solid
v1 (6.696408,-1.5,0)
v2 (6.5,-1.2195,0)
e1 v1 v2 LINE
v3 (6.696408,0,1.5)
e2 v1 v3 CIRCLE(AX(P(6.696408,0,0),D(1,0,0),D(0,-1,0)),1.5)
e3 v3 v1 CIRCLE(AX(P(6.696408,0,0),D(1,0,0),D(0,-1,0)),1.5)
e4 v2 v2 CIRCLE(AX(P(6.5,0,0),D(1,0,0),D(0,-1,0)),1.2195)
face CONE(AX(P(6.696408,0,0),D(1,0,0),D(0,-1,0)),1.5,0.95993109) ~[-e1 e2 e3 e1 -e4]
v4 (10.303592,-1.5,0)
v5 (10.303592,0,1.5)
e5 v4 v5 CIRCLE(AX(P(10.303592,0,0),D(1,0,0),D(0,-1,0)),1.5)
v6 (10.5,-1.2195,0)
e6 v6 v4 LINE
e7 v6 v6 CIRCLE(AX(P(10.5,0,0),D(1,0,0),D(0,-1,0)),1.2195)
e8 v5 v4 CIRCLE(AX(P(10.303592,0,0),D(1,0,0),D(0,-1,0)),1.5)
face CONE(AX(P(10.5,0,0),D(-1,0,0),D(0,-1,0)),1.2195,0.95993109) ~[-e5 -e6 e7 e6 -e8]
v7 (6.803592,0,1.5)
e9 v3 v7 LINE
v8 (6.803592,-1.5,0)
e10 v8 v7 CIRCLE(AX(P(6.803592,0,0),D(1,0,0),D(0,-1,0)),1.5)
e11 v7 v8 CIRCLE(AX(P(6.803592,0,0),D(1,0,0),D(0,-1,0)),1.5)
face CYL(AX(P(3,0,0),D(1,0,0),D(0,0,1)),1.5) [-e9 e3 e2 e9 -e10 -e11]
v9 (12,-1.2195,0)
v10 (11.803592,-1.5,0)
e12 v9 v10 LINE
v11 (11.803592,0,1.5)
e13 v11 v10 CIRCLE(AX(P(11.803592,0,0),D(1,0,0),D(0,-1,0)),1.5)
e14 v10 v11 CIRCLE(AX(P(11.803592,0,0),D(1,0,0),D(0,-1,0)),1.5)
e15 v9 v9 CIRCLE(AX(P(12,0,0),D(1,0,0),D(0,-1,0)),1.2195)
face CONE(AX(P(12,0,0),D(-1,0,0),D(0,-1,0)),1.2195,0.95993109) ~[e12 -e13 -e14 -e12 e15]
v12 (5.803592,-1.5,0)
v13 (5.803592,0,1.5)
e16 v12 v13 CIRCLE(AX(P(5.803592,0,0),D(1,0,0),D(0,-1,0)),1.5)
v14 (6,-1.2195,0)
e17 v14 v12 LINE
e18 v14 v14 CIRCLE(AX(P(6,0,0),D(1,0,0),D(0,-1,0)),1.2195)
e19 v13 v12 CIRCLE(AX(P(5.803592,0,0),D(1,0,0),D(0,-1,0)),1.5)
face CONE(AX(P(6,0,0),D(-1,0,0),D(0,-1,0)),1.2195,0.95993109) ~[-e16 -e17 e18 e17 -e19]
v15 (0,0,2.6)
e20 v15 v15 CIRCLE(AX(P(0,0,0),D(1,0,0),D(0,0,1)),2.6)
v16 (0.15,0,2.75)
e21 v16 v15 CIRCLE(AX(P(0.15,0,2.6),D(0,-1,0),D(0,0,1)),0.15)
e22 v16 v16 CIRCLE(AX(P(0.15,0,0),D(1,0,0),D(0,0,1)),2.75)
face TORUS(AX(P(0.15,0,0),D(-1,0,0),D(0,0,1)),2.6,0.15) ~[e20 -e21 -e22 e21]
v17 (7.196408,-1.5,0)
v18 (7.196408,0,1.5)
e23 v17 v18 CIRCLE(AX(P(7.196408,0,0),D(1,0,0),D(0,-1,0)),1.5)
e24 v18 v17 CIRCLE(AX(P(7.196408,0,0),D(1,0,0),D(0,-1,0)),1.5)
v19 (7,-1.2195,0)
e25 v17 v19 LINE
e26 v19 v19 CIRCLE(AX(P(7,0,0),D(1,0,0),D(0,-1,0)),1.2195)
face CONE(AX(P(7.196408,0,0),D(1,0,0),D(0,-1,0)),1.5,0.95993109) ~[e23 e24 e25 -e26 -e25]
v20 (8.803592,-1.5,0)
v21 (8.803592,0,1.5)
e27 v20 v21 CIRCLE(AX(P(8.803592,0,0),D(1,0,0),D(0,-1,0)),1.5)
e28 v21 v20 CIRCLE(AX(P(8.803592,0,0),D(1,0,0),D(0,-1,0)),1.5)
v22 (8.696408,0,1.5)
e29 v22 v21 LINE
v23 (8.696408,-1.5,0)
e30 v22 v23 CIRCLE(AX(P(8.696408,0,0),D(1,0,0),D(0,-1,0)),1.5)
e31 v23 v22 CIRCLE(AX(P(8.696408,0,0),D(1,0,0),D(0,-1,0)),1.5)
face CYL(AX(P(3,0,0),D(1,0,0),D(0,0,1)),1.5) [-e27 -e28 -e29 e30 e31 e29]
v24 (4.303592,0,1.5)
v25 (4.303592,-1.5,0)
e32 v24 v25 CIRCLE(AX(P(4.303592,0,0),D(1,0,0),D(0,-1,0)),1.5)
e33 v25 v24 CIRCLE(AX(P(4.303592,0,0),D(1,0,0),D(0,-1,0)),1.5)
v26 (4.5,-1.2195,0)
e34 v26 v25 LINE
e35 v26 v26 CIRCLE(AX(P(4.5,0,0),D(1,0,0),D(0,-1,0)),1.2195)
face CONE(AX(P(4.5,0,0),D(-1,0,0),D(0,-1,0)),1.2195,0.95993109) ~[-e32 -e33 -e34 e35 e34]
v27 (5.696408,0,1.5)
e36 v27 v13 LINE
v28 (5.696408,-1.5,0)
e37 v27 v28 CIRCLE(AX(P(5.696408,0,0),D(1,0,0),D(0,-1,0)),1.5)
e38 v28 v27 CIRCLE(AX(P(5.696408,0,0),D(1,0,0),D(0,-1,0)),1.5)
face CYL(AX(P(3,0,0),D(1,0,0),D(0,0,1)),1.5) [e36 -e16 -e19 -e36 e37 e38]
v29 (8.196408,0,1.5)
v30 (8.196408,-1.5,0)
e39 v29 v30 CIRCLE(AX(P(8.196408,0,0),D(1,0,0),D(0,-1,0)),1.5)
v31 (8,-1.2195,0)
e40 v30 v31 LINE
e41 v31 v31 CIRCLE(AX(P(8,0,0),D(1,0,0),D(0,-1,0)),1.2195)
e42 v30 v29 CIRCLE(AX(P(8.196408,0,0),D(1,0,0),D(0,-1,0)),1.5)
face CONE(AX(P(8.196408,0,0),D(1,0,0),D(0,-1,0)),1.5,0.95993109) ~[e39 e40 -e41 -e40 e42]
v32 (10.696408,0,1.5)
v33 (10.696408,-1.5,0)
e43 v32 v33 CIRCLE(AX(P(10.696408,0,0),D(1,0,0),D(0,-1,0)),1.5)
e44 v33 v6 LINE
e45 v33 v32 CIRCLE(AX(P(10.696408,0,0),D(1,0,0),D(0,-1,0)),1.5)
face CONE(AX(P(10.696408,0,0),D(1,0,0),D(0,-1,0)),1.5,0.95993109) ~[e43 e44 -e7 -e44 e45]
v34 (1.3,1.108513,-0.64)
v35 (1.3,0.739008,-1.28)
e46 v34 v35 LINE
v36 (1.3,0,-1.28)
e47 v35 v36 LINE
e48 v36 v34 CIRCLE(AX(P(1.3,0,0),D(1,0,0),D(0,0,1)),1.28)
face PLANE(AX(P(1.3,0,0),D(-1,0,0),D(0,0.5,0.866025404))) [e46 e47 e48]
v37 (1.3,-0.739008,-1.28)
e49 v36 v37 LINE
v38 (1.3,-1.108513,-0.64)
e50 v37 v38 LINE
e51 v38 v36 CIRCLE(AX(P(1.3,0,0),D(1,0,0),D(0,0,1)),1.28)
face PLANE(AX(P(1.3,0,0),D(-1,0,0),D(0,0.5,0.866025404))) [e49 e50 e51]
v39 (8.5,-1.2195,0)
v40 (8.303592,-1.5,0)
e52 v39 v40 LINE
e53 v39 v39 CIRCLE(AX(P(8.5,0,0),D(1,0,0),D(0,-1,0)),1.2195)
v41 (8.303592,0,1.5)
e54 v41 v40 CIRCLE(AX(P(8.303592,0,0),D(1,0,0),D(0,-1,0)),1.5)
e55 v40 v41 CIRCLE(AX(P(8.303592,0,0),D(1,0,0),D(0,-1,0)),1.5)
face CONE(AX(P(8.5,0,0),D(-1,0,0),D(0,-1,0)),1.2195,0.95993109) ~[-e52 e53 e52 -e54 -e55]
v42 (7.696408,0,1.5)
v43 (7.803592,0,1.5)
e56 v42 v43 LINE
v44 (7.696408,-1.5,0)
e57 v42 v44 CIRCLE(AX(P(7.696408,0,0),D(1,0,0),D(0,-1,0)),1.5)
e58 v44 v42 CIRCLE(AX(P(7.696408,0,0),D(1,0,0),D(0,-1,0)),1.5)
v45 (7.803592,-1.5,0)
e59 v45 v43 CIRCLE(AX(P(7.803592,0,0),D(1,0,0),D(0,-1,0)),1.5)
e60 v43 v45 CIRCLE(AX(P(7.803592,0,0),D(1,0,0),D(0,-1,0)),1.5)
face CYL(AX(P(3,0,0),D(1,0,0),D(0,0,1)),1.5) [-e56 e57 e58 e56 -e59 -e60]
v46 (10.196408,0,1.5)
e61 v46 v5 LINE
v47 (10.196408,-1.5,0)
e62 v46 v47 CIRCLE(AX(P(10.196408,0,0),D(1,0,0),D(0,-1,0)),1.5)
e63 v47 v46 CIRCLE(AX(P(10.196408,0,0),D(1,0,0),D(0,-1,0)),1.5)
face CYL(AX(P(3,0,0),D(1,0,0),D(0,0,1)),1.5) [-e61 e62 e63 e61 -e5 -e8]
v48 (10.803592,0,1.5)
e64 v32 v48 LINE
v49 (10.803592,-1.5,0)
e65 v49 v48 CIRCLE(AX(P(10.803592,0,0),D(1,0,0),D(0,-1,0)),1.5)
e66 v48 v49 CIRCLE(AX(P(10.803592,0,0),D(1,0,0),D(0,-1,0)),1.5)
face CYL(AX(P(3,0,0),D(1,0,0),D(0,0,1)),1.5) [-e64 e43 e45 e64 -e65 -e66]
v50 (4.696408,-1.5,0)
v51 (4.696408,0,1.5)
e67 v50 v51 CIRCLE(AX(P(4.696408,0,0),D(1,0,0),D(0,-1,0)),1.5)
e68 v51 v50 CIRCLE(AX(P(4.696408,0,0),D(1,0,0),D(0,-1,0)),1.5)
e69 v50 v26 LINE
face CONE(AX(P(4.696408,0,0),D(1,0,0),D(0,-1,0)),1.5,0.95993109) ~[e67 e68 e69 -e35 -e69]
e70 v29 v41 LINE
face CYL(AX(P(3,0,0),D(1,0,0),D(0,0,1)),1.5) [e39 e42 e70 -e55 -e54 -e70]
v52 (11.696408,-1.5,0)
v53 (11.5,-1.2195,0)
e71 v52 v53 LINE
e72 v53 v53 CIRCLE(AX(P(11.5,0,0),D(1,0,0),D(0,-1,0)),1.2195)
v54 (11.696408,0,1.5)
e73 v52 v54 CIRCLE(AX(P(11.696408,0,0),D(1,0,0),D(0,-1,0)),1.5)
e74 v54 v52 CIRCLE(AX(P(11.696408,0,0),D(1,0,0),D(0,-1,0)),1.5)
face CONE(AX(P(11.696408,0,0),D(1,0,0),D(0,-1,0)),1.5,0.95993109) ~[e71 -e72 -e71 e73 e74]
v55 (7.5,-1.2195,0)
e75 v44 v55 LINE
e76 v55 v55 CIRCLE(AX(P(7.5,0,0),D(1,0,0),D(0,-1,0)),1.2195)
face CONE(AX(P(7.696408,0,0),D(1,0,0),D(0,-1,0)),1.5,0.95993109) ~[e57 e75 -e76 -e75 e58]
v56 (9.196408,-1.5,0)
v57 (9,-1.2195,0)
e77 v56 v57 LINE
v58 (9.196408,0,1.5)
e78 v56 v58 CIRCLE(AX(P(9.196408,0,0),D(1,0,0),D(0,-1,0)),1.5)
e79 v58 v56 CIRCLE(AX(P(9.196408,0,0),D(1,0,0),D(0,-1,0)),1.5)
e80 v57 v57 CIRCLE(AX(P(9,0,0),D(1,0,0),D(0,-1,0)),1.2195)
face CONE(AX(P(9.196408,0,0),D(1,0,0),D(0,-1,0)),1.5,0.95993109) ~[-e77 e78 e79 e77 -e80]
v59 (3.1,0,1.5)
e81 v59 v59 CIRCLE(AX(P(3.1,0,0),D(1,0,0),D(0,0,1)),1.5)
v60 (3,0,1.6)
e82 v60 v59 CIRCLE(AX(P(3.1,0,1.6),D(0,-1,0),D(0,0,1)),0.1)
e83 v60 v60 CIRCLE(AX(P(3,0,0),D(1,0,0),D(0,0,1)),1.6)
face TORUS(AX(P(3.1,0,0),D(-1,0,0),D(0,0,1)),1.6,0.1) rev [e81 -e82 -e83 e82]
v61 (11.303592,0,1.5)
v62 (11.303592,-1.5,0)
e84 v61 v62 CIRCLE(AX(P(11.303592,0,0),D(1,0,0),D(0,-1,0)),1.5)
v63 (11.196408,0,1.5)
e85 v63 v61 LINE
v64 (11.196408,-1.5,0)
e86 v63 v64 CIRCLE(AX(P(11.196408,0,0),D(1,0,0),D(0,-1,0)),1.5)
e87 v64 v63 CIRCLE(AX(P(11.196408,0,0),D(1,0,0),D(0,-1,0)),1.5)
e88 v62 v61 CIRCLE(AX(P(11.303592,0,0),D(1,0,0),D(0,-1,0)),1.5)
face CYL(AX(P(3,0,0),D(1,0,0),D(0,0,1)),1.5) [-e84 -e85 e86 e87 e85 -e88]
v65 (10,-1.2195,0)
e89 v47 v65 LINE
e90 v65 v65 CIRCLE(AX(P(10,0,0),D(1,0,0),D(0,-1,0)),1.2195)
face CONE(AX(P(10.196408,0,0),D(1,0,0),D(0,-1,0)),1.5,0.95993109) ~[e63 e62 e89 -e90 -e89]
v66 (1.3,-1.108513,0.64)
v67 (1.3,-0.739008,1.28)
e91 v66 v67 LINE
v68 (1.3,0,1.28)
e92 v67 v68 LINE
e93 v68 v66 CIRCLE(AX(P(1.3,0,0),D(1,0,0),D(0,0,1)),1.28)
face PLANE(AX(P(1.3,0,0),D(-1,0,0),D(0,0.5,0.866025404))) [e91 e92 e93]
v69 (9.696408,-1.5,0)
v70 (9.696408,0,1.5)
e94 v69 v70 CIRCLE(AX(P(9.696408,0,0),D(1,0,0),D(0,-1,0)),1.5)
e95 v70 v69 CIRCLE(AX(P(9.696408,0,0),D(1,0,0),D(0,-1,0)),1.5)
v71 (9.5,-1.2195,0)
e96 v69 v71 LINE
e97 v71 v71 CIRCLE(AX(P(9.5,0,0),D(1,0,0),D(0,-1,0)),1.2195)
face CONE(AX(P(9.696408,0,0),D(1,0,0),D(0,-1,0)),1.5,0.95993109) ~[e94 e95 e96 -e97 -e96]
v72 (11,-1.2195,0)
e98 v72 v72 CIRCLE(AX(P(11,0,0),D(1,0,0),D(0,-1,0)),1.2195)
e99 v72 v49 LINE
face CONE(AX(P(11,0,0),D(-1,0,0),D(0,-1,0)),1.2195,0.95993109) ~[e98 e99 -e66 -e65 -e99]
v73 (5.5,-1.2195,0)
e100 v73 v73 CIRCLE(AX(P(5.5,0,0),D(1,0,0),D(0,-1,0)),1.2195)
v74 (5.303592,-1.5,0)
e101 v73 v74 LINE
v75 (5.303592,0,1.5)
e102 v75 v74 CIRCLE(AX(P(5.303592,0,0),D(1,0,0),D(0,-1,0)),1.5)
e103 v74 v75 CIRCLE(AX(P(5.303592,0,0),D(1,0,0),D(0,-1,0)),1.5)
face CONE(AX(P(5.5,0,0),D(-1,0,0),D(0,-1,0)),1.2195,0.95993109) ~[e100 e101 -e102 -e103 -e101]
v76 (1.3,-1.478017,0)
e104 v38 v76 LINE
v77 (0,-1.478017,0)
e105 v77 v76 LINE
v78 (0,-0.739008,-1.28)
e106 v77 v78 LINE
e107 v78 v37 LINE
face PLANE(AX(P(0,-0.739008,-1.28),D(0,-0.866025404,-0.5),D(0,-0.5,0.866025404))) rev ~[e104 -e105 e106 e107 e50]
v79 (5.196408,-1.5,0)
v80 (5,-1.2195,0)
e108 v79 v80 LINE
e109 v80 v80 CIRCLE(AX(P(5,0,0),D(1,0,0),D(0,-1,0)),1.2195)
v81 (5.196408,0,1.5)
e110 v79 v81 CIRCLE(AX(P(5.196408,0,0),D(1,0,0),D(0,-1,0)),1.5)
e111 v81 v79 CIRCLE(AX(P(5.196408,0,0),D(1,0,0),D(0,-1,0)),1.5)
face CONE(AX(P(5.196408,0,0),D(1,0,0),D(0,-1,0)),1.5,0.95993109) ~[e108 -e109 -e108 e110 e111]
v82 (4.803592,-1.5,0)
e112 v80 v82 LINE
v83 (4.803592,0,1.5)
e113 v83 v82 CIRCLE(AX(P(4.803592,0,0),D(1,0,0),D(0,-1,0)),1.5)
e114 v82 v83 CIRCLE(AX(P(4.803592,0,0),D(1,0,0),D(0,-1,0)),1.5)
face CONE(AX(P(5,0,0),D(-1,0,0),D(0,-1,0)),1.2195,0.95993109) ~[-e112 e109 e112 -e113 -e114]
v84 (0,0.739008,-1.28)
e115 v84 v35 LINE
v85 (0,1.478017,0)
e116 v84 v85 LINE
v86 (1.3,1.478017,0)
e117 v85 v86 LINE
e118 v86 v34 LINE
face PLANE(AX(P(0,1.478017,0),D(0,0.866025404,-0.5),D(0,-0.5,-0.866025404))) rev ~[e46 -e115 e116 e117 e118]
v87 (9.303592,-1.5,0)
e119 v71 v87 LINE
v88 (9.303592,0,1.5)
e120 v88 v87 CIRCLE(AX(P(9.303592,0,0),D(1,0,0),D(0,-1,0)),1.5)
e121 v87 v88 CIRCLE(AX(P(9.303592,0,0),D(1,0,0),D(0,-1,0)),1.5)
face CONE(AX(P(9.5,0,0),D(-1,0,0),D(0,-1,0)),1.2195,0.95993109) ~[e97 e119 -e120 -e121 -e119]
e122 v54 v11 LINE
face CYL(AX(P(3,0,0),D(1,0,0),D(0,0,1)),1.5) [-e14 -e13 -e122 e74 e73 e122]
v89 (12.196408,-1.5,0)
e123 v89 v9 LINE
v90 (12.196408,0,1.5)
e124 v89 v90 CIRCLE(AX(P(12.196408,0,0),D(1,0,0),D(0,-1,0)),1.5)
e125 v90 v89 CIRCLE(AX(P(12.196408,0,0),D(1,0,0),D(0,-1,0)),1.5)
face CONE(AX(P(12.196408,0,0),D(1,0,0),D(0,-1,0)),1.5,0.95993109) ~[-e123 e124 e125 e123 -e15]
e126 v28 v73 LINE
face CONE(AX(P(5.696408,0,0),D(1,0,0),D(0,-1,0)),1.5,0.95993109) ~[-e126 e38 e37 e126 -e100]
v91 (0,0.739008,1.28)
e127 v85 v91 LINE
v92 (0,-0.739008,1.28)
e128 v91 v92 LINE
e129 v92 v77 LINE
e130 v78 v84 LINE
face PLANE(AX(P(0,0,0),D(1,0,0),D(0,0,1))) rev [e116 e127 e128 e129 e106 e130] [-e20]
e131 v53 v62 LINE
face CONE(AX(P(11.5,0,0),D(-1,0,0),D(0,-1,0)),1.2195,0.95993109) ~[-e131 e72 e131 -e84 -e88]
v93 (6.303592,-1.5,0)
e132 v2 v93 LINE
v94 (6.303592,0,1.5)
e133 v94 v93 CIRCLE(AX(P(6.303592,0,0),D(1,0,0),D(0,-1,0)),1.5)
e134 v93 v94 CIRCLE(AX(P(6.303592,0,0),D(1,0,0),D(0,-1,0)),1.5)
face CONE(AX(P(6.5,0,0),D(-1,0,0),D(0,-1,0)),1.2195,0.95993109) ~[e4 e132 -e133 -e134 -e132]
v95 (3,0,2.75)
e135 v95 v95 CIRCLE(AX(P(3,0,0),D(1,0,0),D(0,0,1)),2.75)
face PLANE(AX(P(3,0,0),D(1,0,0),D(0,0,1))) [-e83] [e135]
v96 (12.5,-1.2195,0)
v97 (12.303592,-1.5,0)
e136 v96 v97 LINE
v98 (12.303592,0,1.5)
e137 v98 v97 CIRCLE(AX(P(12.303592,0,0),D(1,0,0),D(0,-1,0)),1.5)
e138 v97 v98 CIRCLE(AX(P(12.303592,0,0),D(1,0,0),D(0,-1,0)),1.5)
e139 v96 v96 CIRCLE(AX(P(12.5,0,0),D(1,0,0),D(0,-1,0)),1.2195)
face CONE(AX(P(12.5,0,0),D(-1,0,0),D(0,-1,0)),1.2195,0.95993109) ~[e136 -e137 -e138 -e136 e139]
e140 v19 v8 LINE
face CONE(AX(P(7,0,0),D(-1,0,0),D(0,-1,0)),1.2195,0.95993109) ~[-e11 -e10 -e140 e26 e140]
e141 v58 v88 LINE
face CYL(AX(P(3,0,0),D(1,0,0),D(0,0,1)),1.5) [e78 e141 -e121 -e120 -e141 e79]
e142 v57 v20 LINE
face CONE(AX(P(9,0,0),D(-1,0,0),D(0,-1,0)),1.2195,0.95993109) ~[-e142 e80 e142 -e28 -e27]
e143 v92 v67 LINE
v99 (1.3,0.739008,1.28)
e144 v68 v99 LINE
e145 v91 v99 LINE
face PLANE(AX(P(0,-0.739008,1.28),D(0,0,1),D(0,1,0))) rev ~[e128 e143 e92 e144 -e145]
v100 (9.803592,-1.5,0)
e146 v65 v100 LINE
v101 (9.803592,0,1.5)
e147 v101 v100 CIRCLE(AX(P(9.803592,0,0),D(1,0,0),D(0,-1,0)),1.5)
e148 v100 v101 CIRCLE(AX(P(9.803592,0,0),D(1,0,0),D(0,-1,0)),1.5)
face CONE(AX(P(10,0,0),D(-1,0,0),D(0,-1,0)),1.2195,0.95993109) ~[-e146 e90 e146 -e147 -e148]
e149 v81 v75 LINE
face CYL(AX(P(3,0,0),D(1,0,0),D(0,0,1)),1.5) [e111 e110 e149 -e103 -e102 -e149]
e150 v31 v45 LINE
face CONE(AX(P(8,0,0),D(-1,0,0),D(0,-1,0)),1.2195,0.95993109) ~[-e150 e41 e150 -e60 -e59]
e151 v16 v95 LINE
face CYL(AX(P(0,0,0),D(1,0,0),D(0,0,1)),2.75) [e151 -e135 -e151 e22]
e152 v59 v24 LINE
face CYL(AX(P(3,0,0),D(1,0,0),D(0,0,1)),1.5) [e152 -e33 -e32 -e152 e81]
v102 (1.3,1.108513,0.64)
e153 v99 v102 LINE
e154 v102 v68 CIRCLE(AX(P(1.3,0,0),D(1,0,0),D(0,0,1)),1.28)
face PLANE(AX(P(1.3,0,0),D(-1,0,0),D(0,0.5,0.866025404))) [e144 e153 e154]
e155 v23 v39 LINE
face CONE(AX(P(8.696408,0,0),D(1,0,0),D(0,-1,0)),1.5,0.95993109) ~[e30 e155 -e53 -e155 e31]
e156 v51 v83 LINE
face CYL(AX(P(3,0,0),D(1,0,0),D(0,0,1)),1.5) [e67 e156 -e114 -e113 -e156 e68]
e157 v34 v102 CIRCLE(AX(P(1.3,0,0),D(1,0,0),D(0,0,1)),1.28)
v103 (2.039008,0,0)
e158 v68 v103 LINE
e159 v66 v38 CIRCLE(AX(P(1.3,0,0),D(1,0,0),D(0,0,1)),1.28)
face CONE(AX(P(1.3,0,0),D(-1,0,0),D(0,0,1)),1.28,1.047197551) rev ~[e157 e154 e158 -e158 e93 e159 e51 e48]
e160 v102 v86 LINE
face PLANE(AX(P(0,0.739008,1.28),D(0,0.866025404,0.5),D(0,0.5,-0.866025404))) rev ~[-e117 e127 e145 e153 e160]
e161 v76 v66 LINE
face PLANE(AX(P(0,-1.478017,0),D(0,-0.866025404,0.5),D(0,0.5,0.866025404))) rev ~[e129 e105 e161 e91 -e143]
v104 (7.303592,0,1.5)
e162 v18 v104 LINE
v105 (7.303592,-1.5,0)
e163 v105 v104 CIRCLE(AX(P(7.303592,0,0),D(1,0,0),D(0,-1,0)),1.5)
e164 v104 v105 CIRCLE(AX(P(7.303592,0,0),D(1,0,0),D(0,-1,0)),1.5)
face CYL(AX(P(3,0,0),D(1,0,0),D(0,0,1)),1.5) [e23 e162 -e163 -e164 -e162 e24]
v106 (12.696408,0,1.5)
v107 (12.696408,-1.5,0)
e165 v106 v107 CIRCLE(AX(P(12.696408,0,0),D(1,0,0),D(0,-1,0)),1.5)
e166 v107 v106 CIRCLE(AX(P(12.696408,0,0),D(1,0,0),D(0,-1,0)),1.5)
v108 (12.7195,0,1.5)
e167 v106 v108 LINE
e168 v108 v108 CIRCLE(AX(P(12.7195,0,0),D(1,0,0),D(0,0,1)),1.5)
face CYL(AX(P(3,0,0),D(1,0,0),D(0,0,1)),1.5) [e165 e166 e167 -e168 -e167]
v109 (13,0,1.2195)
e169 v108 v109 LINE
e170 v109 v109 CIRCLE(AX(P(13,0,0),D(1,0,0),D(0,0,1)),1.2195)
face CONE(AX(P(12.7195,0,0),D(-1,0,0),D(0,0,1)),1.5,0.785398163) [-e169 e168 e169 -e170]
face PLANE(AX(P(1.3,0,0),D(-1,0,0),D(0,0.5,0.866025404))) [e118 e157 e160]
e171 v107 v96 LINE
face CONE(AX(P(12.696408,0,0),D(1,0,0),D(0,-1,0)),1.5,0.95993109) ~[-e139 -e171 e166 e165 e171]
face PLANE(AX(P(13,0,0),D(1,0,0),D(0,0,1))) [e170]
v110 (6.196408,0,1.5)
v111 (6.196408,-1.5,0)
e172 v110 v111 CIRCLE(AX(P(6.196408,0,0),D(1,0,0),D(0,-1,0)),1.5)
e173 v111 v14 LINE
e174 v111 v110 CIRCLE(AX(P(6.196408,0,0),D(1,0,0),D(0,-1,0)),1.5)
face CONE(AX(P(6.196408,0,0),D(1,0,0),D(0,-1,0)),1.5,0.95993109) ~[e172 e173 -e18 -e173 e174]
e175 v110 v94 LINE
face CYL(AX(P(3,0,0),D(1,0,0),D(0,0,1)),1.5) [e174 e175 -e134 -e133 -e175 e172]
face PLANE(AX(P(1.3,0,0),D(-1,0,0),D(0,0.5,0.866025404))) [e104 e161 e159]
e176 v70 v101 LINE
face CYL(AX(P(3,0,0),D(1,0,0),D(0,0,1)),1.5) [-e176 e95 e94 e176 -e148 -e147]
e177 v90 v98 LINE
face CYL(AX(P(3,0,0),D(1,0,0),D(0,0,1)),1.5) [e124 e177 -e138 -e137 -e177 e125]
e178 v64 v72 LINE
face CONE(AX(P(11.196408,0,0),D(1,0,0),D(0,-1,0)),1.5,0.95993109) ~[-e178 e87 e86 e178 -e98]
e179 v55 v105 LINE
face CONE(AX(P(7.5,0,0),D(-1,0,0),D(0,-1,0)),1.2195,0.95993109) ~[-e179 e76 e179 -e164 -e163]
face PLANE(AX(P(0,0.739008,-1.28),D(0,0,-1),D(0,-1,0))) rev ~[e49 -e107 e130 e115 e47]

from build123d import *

# Parameters (mm, degrees)
FILLET1_R       = 0.1
FILLET2_R       = 0.15
HEX_2_DEPTH     = 1.3
THDSCHPAT_COUNT = 17
THDSCHPAT_PITCH = 0.5


with BuildPart() as part:
    # BodySke → Base-Revolve (revolve)
    with BuildSketch(Plane.XY, mode=Mode.PRIVATE) as base_revolve_sk:
        Polygon((0, 0), (0, 2.75), (3, 2.75), (3, 1.5), (12.7195, 1.5), (13, 1.2195), (13, 0), align=None)
    revolve(base_revolve_sk.sketch.rotate(Axis((-31.75, 0, 0), (1, 0, 0)), 90), axis=Axis((-31.75, 0, 0), (1, 0, 0)))

    # Fillet1
    fillet1_edges = [part.edges().sort_by_distance(p)[0] for p in [
        (3, 0, -1.5),
    ]]
    fillet(fillet1_edges, radius=FILLET1_R)

    # Fillet2
    fillet2_edges = [part.edges().sort_by_distance(p)[0] for p in [
        (0, 0, -2.75),
    ]]
    fillet(fillet2_edges, radius=FILLET2_R)

    # Sketch2 → Hex-PreBroach (revolve, cut)
    with BuildSketch(Plane.XY, mode=Mode.PRIVATE) as hex_prebroach_sk:
        Polygon((0, 1.28), (1.3, 1.28), (2.039008345, 0), (0, 0), align=None)
    revolve(hex_prebroach_sk.sketch.rotate(Axis((0, 0, 0), (1, 0, 0)), 90), axis=Axis((0, 0, 0), (1, 0, 0)), mode=Mode.SUBTRACT)

    # Sketch3 → Hex 2 (cut)
    with BuildSketch(Plane(origin=(0, 0, 0), x_dir=(0, 0.500000000000001, 0.866025403784438), z_dir=(-1, 0, 0))):
        Polygon((0.739008345, 1.28), (-0.739008345, 1.28), (-1.478016689, 0), (-0.739008345, -1.28), (0.739008345, -1.28), (1.478016689, 0), align=None)
    extrude(amount=-HEX_2_DEPTH, mode=Mode.SUBTRACT)

    # ThdSchSke → ThreadSchematic (revolve, cut)
    with BuildSketch(Plane.XY):
        Polygon((4.5, -1.2195), (4.303591786, -1.5), (4.303591786, -1.875), (4.696408214, -1.875), (4.696408214, -1.5), align=None)
    threadschematic = revolve(axis=Axis((-3.175, 0, 0), (1, 0, 0)), mode=Mode.SUBTRACT)

    # ThdSchPat: ThreadSchematic ×17
    with Locations(*[(i * THDSCHPAT_PITCH, 0, 0) for i in range(1, THDSCHPAT_COUNT)]):
        add(threadschematic, mode=Mode.SUBTRACT)


solid = part.part
